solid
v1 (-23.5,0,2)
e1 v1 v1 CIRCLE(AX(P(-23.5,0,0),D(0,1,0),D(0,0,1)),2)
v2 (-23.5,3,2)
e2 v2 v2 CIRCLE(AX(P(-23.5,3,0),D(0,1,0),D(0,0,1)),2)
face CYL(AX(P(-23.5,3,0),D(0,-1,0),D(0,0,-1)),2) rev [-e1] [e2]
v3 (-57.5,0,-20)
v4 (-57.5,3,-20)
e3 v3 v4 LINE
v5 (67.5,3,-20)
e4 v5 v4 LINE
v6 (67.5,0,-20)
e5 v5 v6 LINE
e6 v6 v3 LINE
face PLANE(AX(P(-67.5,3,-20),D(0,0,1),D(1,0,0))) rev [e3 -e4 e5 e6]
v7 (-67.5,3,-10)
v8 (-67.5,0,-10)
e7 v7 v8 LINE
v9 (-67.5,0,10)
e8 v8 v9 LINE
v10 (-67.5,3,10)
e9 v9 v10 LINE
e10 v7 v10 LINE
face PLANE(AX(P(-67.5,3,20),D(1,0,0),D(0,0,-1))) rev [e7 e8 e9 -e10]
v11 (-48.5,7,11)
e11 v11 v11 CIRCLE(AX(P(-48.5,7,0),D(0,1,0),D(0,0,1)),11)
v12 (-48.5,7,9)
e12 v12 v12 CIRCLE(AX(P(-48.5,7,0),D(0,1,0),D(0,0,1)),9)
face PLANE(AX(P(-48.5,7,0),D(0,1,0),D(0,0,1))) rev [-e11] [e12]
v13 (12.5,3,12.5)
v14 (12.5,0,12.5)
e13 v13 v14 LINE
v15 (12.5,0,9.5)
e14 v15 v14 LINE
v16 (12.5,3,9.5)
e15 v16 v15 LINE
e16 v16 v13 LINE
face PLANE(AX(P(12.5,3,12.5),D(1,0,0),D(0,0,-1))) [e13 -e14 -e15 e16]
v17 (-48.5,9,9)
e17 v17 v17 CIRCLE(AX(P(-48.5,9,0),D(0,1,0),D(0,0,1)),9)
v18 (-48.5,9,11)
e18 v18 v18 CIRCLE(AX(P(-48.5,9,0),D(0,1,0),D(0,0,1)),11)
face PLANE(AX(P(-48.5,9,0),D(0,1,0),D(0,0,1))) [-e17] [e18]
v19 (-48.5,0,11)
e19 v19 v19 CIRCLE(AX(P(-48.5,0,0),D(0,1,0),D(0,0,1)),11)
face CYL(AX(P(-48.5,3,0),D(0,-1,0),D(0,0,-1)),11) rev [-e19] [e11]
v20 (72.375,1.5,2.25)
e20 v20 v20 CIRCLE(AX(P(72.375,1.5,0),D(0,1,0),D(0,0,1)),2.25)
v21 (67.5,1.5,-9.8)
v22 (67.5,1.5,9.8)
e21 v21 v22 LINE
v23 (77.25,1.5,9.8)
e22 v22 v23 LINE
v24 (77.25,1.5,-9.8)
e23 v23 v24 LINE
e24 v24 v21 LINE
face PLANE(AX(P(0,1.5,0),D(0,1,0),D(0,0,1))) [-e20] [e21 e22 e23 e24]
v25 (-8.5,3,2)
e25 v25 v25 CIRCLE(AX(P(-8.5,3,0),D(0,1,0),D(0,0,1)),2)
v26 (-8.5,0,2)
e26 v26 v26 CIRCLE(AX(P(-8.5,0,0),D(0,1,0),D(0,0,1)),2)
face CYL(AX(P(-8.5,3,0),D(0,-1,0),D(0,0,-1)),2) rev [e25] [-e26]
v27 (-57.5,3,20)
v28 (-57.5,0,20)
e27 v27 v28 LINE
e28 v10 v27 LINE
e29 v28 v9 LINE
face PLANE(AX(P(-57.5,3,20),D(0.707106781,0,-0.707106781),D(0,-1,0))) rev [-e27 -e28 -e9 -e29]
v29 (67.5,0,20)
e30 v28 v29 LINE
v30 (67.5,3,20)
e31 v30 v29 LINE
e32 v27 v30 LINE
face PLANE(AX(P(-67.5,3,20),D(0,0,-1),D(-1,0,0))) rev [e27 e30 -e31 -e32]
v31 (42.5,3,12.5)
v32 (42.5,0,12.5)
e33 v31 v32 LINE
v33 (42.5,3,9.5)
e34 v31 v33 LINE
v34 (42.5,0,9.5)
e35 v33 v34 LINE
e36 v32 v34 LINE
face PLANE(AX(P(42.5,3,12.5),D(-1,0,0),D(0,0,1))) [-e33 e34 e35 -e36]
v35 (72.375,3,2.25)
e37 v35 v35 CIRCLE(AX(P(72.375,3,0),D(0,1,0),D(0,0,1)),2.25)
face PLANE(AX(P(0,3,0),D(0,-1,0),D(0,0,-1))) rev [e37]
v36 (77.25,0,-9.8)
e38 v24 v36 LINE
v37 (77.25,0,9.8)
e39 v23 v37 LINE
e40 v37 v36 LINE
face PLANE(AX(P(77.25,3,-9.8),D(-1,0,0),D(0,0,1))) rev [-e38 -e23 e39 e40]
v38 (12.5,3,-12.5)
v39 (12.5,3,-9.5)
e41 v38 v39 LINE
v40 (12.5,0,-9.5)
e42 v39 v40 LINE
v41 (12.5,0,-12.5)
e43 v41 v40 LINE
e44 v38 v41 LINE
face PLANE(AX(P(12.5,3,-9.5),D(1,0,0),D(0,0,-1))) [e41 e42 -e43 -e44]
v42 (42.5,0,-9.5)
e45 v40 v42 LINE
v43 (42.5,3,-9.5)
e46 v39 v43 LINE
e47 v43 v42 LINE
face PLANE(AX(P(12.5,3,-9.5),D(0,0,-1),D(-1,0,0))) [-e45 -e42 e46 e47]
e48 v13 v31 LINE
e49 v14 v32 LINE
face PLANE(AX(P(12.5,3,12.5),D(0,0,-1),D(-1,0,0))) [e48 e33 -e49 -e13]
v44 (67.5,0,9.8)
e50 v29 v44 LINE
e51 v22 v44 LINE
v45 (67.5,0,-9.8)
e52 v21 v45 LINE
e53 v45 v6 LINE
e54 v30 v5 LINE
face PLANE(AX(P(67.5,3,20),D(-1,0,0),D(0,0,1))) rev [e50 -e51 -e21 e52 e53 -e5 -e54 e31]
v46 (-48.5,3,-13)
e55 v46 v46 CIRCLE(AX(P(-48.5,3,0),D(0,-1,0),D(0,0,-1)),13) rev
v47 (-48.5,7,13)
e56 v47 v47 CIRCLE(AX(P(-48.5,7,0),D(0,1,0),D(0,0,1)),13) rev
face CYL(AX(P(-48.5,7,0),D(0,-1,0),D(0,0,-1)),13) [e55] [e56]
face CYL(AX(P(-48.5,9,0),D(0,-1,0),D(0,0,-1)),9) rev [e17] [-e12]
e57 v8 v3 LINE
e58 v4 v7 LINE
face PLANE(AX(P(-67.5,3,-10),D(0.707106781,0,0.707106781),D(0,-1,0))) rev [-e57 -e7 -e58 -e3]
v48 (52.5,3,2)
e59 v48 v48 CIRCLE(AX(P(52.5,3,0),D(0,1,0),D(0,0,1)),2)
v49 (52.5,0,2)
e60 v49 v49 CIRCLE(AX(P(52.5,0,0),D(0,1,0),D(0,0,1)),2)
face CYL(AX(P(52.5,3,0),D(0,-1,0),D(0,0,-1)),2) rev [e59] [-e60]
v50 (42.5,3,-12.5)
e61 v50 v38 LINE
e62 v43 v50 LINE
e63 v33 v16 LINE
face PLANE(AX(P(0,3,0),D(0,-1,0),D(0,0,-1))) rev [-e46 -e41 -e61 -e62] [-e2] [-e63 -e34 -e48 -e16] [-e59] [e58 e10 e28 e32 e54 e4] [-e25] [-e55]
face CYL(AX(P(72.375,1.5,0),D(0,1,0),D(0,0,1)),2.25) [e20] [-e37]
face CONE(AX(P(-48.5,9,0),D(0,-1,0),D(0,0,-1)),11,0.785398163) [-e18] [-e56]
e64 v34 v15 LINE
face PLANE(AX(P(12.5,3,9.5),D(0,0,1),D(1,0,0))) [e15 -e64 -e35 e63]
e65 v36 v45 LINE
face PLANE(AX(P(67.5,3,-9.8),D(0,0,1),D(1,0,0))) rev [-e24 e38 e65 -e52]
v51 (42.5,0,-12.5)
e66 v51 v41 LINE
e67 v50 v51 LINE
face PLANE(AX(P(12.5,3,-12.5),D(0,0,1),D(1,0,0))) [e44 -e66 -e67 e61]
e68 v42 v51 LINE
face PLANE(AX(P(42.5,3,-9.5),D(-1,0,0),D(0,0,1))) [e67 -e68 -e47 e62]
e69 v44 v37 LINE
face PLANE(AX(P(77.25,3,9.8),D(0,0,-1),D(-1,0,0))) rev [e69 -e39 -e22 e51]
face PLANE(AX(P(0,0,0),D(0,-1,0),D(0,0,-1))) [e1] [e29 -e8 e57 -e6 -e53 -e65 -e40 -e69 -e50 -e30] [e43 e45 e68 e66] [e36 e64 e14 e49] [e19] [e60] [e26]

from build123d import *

# Parameters (mm, degrees)
CROQUIS1_R              = 11
CROQUIS1_R_2            = 2
CROQUIS1_W              = 30
CROQUIS1_H              = 3
SALIENTE_EXTRUIR1_DEPTH = 3
CROQUIS2_R              = 13
CROQUIS2_R_2            = 11
SALIENTE_EXTRUIR2_DEPTH = 4
CROQUIS3_R              = 13
CROQUIS3_R_2            = 9
SALIENTE_EXTRUIR3_DEPTH = 2
CHAFL_N1_SIZE           = 2
CHAFL_N2_SIZE           = 10
CROQUIS6_W              = 9.75
CROQUIS6_H              = 19.6
CROQUIS6_R              = 2.25
CORTAR_EXTRUIR2_DEPTH   = 1.5


with BuildPart() as part:
    # Croquis1 → Saliente-Extruir1 (new body)
    with BuildSketch(Plane(origin=(0, 0, 0), x_dir=(1, 0, 0), z_dir=(0, 1, 0))):
        Polygon((-67.5, -20), (67.5, -20), (67.5, -9.8), (77.25, -9.8), (77.25, 9.8), (67.5, 9.8), (67.5, 20), (-67.5, 20), align=None)
        with Locations(Location((-48.5, 0, 0), (0, 0, 270))):
            Circle(CROQUIS1_R, mode=Mode.SUBTRACT)
        with Locations(Location((-23.5, 0, 0), (0, 0, 270))):
            Circle(CROQUIS1_R_2, mode=Mode.SUBTRACT)
        with Locations(Location((-8.5, 0, 0), (0, 0, 270))):
            Circle(CROQUIS1_R_2, mode=Mode.SUBTRACT)
        with Locations(Location((52.5, 0, 0), (0, 0, 270))):
            Circle(CROQUIS1_R_2, mode=Mode.SUBTRACT)
        with Locations((27.5, 11)):
            Rectangle(CROQUIS1_W, CROQUIS1_H, mode=Mode.SUBTRACT)
        with Locations((27.5, -11)):
            Rectangle(CROQUIS1_W, CROQUIS1_H, mode=Mode.SUBTRACT)
    extrude(amount=SALIENTE_EXTRUIR1_DEPTH)

    # Croquis2 → Saliente-Extruir2 (add)
    with BuildSketch(Plane(origin=(0, 3, 0), x_dir=(1, 0, 0), z_dir=(0, 1, 0))):
        with Locations(Location((-48.5, 0, 0), (0, 0, 90))):
            Circle(CROQUIS2_R)
        with Locations(Location((-48.5, 0, 0), (0, 0, 270))):
            Circle(CROQUIS2_R_2, mode=Mode.SUBTRACT)
    extrude(amount=SALIENTE_EXTRUIR2_DEPTH)

    # Croquis3 → Saliente-Extruir3 (add)
    with BuildSketch(Plane(origin=(0, 7, 0), x_dir=(1, 0, 0), z_dir=(0, 1, 0))):
        with Locations(Location((-48.5, 0, 0), (0, 0, 90))):
            Circle(CROQUIS3_R)
        with Locations(Location((-48.5, 0, 0), (0, 0, 270))):
            Circle(CROQUIS3_R_2, mode=Mode.SUBTRACT)
    extrude(amount=SALIENTE_EXTRUIR3_DEPTH)

    # Chaflán1
    chafl_n1_edges = [part.edges().sort_by_distance(p)[0] for p in [
        (-48.5, 9, 13),
    ]]
    chamfer(chafl_n1_edges, length=CHAFL_N1_SIZE)

    # Chaflán2
    chafl_n2_edges = [part.edges().sort_by_distance(p)[0] for p in [
        (-67.5, 1.5, 20),
        (-67.5, 1.5, -20),
    ]]
    chamfer(chafl_n2_edges, length=CHAFL_N2_SIZE)

    # Croquis6 → Cortar-Extruir2 (cut)
    with BuildSketch(Plane(origin=(0, 3, 0), x_dir=(1, 0, 0), z_dir=(0, 1, 0))):
        with Locations((72.375, 0)):
            Rectangle(CROQUIS6_W, CROQUIS6_H)
        with Locations(Location((72.375, 0, 0), (0, 0, 270))):
            Circle(CROQUIS6_R, mode=Mode.SUBTRACT)
    extrude(amount=-CORTAR_EXTRUIR2_DEPTH, mode=Mode.SUBTRACT)


solid = part.part
